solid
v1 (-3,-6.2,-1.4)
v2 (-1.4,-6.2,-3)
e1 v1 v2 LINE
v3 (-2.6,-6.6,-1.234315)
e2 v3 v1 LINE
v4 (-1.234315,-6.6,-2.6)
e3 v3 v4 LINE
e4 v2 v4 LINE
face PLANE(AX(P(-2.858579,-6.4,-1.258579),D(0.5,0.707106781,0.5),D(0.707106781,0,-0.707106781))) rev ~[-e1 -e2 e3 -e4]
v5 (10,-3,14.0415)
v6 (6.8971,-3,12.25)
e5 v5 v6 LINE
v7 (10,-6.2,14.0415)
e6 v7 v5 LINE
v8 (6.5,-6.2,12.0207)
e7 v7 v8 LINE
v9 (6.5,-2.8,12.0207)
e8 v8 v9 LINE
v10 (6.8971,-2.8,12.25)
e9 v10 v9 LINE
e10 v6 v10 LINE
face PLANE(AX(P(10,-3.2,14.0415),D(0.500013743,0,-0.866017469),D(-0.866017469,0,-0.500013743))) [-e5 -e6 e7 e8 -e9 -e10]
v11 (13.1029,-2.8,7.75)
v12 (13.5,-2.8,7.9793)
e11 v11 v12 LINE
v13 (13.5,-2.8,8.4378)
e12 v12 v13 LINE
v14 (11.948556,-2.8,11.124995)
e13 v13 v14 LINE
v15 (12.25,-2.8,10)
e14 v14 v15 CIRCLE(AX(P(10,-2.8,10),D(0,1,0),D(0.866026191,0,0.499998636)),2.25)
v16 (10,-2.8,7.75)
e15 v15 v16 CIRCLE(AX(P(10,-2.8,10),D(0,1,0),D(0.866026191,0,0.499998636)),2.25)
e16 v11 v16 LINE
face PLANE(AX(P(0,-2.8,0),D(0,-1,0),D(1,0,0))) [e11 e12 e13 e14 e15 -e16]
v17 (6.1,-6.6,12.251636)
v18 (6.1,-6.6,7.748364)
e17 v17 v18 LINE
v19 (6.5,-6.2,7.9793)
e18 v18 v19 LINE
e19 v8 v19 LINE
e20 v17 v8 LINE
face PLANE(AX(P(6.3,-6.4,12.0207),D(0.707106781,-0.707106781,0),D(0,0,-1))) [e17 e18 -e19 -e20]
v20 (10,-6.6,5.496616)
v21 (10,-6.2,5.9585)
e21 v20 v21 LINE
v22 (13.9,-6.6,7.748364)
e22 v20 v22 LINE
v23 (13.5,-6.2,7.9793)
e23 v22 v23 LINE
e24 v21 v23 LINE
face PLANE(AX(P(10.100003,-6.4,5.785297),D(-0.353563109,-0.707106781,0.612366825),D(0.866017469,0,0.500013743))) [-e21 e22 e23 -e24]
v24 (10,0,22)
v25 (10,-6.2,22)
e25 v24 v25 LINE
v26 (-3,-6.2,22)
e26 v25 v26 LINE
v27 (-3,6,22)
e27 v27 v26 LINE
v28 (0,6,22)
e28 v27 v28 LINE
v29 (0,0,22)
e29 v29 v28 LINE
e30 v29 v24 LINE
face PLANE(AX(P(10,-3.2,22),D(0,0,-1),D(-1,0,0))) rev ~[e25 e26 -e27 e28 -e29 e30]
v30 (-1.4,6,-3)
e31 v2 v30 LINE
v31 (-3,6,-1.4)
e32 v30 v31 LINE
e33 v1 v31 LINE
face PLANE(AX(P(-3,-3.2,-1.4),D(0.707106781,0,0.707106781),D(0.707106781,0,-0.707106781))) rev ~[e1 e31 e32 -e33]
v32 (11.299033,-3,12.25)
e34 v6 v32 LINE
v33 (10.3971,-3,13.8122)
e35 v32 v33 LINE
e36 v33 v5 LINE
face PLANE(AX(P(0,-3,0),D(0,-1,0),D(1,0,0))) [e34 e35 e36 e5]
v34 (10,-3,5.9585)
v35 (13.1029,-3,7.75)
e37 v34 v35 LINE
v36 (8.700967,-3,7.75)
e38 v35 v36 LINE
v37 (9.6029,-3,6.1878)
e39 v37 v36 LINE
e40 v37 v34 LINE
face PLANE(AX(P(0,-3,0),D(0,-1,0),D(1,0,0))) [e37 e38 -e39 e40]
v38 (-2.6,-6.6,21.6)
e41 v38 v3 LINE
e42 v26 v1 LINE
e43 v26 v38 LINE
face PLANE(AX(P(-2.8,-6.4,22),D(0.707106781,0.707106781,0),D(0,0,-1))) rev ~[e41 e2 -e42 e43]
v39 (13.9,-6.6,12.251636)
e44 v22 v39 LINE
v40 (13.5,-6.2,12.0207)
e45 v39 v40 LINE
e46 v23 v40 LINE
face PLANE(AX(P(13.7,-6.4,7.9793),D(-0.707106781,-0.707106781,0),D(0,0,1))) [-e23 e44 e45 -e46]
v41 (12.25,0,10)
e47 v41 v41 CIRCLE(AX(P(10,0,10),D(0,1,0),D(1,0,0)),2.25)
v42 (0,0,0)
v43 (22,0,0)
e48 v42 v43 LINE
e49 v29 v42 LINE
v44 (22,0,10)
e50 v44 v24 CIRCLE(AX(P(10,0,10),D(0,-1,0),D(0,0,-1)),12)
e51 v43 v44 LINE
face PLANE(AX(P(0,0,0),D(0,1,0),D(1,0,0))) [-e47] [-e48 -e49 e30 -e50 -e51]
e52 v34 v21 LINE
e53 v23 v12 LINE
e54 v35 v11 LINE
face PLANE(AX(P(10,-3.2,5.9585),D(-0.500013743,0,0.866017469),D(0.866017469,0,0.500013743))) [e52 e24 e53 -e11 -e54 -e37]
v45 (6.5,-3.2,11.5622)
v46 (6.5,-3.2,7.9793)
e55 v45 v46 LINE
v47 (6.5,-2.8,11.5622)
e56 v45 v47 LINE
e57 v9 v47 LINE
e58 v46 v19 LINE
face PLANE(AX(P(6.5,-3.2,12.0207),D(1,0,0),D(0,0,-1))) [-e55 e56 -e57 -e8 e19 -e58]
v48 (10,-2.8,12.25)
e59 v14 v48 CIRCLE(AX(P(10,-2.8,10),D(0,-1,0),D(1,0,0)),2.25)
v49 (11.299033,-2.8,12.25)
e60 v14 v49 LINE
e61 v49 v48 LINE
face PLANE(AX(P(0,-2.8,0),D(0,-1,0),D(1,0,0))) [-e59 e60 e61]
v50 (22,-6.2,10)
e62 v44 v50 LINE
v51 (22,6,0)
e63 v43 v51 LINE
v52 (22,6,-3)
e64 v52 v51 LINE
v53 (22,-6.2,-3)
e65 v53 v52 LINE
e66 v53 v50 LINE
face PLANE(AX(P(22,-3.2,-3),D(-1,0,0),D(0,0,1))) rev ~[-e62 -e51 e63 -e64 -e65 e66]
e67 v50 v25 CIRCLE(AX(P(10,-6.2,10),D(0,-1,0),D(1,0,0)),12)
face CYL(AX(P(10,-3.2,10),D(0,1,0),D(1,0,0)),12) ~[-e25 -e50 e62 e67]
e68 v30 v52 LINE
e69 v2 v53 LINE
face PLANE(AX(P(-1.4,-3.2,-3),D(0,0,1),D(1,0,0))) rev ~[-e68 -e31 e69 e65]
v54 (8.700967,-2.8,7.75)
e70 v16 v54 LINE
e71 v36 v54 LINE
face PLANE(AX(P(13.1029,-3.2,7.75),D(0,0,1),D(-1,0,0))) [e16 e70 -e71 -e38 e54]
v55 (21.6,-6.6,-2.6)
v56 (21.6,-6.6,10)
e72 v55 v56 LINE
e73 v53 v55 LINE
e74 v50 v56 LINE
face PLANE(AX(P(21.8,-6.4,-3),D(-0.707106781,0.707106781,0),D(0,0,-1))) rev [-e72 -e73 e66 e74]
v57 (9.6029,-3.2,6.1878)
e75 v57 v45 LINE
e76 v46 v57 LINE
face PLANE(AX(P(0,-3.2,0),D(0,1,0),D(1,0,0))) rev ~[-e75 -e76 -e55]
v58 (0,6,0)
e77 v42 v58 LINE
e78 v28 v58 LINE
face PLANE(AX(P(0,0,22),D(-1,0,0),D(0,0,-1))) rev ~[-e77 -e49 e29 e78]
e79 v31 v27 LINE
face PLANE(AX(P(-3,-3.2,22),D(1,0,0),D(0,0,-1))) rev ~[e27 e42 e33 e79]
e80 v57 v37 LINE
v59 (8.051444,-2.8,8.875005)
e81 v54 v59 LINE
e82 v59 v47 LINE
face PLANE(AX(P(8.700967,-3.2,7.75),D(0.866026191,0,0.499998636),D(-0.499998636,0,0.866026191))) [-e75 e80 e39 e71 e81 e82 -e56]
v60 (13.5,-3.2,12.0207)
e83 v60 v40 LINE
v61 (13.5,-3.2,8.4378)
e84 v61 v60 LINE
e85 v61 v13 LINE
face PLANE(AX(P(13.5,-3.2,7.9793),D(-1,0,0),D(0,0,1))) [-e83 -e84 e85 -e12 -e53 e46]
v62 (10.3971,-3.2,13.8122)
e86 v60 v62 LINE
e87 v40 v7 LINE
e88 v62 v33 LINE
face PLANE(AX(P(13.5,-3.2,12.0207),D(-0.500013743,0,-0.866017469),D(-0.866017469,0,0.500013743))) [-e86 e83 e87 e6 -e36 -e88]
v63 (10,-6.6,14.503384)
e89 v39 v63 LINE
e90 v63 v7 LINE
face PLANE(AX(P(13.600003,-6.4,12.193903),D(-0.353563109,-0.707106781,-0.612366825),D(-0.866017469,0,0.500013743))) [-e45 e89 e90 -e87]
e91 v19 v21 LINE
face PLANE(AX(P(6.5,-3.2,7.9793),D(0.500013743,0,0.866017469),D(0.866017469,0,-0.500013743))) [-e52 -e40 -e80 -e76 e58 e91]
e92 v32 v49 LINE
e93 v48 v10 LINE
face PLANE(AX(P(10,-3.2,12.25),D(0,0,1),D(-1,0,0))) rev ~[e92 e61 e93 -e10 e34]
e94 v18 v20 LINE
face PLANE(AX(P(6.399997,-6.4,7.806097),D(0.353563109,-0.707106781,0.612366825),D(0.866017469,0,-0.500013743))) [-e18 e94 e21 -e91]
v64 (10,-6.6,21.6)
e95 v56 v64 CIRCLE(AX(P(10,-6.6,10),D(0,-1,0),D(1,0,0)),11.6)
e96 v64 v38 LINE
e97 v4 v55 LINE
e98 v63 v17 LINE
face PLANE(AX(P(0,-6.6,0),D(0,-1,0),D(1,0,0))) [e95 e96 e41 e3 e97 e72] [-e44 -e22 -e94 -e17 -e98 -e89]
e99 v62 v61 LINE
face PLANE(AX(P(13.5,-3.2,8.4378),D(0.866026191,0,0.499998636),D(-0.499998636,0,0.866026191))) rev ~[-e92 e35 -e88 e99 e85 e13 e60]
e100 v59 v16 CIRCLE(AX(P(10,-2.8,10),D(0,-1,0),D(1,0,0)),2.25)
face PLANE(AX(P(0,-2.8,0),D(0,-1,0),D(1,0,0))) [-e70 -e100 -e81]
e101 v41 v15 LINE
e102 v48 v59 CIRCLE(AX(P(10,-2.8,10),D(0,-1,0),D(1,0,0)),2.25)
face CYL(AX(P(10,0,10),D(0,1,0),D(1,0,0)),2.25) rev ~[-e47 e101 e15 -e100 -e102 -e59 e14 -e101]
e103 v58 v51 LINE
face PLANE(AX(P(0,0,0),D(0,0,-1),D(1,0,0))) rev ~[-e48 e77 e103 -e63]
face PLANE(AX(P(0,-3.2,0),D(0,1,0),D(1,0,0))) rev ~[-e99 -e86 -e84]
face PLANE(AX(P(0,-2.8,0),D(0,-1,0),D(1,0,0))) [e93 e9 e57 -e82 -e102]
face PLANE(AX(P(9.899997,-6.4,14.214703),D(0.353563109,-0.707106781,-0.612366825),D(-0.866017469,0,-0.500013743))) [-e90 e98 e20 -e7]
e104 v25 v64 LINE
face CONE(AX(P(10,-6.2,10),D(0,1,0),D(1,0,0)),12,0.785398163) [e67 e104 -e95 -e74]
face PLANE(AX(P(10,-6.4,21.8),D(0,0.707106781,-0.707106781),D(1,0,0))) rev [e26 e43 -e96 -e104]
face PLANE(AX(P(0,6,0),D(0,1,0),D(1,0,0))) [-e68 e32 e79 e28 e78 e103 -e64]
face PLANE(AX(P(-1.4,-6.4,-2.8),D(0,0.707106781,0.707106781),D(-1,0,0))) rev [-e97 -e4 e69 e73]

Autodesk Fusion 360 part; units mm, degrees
sketch "Sketch1" plane through (0, 0, 0) normal (0, 1, 0) x (1, 0, 0)
  circle A0 centre (10, -10) radius 2.25
  line L0 (-3, 3) -> (22, 3)
  line L1 (-3, 3) -> (-3, -22)
  line L2 (0, 0) -> (22, 0)
  line L3 (22, 0) -> (22, -22)
  line L4 (22, -22) -> (0, -22)
  line L5 (0, -22) -> (0, 0)
  line L6 (22, 3) -> (22, 0)
  line L7 (-3, -22) -> (0, -22)
  dimension "d1" = 4.5
  dimension "d2" = 10
  dimension "d3" = 10
  dimension "d4" = 3
  dimension "d5" = 3
  dimension "d6" = 22
  dimension "d7" = 22
  dimension "d8" = 25
  dimension "d9" = 25
extrude "Extrude1" add sketch "Sketch1" along normal blind 6 contours L0 L1 L2 L5 L6 L7
extrude "Extrude2" add sketch "Sketch1" against normal blind 3.2
chamfer "Chamfer1" distance 1.6 angle 45 1 edges at (-3, 1.4, -3)
fillet "Fillet1" radius 12 1 edges at (22, -1.6, 22)
sketch "Sketch2" plane through (0, -3.2, 0) normal (0, -1, 0) x (1, 0, 0)
  circle A0 centre (10, 10) radius 2.25
  arc A1 (22, 10) -> (10, 22) centre (10, 10) ccw
  line L0 (10, 22) -> (-3, 22)
  line L1 (-3, 22) -> (-3, -1.4)
  line L2 (-3, -1.4) -> (-1.4, -3)
  line L3 (-1.4, -3) -> (22, -3)
  line L4 (22, -3) -> (22, 10)
  circle A2 centre (10, 10) radius 2.25
  line L5 (10, 5.9585) -> (13.5, 7.9793)
  line L6 (13.5, 7.9793) -> (13.5, 12.0207)
  line L7 (13.5, 12.0207) -> (10, 14.0415)
  line L8 (10, 14.0415) -> (6.5, 12.0207)
  line L9 (6.5, 12.0207) -> (6.5, 7.9793)
  line L10 (6.5, 7.9793) -> (10, 5.9585)
  point P0 (10, 10)
  dimension "d17" = 3.5
extrude "Extrude3" add sketch "Sketch2" along normal blind 3.4 contours A1 L0 L1 L2 L3 L4
sketch "Sketch3" plane through (0, -3.2, 0) normal (0, -1, 0) x (1, 0, 0)
  line L0 (10, 5.9585) -> (13.5, 7.9793)
  line L1 (13.5, 7.9793) -> (13.5, 12.0207)
  line L2 (13.5, 12.0207) -> (10, 14.0415)
  line L3 (10, 14.0415) -> (6.5, 12.0207)
  line L4 (6.5, 12.0207) -> (6.5, 7.9793)
  line L5 (6.5, 7.9793) -> (10, 5.9585)
  circle A0 centre (10, 10) radius 2.25
  line L6 (9.6029, 6.1878) -> (6.5, 11.5622)
  line L7 (13.5, 8.4378) -> (10.3971, 13.8122)
  line L8 (13.1029, 7.75) -> (6.8971, 7.75)
  line L9 (13.1029, 12.25) -> (6.8971, 12.25)
  circle A1 centre (10, 10) radius 2.25
extrude "Extrude4" cut sketch "Sketch3" against normal blind 0.4 contours L0 L1 A0 L7 L8 A1 | A0 L6 L8 A1 | L3 L4 A0 L6 L9 A1 | A0 L7 L9 A1
extrude "Extrude5" cut sketch "Sketch3" against normal blind 0.2 contours L0 L5 L6 L8 | L2 L3 L7 L9
chamfer "Chamfer2" distance 0.4 angle 45 1 faces at (0.1667, -6.6, 10.8736)
equation "d17 = ( 7 / 2 ) * 1 mm"
